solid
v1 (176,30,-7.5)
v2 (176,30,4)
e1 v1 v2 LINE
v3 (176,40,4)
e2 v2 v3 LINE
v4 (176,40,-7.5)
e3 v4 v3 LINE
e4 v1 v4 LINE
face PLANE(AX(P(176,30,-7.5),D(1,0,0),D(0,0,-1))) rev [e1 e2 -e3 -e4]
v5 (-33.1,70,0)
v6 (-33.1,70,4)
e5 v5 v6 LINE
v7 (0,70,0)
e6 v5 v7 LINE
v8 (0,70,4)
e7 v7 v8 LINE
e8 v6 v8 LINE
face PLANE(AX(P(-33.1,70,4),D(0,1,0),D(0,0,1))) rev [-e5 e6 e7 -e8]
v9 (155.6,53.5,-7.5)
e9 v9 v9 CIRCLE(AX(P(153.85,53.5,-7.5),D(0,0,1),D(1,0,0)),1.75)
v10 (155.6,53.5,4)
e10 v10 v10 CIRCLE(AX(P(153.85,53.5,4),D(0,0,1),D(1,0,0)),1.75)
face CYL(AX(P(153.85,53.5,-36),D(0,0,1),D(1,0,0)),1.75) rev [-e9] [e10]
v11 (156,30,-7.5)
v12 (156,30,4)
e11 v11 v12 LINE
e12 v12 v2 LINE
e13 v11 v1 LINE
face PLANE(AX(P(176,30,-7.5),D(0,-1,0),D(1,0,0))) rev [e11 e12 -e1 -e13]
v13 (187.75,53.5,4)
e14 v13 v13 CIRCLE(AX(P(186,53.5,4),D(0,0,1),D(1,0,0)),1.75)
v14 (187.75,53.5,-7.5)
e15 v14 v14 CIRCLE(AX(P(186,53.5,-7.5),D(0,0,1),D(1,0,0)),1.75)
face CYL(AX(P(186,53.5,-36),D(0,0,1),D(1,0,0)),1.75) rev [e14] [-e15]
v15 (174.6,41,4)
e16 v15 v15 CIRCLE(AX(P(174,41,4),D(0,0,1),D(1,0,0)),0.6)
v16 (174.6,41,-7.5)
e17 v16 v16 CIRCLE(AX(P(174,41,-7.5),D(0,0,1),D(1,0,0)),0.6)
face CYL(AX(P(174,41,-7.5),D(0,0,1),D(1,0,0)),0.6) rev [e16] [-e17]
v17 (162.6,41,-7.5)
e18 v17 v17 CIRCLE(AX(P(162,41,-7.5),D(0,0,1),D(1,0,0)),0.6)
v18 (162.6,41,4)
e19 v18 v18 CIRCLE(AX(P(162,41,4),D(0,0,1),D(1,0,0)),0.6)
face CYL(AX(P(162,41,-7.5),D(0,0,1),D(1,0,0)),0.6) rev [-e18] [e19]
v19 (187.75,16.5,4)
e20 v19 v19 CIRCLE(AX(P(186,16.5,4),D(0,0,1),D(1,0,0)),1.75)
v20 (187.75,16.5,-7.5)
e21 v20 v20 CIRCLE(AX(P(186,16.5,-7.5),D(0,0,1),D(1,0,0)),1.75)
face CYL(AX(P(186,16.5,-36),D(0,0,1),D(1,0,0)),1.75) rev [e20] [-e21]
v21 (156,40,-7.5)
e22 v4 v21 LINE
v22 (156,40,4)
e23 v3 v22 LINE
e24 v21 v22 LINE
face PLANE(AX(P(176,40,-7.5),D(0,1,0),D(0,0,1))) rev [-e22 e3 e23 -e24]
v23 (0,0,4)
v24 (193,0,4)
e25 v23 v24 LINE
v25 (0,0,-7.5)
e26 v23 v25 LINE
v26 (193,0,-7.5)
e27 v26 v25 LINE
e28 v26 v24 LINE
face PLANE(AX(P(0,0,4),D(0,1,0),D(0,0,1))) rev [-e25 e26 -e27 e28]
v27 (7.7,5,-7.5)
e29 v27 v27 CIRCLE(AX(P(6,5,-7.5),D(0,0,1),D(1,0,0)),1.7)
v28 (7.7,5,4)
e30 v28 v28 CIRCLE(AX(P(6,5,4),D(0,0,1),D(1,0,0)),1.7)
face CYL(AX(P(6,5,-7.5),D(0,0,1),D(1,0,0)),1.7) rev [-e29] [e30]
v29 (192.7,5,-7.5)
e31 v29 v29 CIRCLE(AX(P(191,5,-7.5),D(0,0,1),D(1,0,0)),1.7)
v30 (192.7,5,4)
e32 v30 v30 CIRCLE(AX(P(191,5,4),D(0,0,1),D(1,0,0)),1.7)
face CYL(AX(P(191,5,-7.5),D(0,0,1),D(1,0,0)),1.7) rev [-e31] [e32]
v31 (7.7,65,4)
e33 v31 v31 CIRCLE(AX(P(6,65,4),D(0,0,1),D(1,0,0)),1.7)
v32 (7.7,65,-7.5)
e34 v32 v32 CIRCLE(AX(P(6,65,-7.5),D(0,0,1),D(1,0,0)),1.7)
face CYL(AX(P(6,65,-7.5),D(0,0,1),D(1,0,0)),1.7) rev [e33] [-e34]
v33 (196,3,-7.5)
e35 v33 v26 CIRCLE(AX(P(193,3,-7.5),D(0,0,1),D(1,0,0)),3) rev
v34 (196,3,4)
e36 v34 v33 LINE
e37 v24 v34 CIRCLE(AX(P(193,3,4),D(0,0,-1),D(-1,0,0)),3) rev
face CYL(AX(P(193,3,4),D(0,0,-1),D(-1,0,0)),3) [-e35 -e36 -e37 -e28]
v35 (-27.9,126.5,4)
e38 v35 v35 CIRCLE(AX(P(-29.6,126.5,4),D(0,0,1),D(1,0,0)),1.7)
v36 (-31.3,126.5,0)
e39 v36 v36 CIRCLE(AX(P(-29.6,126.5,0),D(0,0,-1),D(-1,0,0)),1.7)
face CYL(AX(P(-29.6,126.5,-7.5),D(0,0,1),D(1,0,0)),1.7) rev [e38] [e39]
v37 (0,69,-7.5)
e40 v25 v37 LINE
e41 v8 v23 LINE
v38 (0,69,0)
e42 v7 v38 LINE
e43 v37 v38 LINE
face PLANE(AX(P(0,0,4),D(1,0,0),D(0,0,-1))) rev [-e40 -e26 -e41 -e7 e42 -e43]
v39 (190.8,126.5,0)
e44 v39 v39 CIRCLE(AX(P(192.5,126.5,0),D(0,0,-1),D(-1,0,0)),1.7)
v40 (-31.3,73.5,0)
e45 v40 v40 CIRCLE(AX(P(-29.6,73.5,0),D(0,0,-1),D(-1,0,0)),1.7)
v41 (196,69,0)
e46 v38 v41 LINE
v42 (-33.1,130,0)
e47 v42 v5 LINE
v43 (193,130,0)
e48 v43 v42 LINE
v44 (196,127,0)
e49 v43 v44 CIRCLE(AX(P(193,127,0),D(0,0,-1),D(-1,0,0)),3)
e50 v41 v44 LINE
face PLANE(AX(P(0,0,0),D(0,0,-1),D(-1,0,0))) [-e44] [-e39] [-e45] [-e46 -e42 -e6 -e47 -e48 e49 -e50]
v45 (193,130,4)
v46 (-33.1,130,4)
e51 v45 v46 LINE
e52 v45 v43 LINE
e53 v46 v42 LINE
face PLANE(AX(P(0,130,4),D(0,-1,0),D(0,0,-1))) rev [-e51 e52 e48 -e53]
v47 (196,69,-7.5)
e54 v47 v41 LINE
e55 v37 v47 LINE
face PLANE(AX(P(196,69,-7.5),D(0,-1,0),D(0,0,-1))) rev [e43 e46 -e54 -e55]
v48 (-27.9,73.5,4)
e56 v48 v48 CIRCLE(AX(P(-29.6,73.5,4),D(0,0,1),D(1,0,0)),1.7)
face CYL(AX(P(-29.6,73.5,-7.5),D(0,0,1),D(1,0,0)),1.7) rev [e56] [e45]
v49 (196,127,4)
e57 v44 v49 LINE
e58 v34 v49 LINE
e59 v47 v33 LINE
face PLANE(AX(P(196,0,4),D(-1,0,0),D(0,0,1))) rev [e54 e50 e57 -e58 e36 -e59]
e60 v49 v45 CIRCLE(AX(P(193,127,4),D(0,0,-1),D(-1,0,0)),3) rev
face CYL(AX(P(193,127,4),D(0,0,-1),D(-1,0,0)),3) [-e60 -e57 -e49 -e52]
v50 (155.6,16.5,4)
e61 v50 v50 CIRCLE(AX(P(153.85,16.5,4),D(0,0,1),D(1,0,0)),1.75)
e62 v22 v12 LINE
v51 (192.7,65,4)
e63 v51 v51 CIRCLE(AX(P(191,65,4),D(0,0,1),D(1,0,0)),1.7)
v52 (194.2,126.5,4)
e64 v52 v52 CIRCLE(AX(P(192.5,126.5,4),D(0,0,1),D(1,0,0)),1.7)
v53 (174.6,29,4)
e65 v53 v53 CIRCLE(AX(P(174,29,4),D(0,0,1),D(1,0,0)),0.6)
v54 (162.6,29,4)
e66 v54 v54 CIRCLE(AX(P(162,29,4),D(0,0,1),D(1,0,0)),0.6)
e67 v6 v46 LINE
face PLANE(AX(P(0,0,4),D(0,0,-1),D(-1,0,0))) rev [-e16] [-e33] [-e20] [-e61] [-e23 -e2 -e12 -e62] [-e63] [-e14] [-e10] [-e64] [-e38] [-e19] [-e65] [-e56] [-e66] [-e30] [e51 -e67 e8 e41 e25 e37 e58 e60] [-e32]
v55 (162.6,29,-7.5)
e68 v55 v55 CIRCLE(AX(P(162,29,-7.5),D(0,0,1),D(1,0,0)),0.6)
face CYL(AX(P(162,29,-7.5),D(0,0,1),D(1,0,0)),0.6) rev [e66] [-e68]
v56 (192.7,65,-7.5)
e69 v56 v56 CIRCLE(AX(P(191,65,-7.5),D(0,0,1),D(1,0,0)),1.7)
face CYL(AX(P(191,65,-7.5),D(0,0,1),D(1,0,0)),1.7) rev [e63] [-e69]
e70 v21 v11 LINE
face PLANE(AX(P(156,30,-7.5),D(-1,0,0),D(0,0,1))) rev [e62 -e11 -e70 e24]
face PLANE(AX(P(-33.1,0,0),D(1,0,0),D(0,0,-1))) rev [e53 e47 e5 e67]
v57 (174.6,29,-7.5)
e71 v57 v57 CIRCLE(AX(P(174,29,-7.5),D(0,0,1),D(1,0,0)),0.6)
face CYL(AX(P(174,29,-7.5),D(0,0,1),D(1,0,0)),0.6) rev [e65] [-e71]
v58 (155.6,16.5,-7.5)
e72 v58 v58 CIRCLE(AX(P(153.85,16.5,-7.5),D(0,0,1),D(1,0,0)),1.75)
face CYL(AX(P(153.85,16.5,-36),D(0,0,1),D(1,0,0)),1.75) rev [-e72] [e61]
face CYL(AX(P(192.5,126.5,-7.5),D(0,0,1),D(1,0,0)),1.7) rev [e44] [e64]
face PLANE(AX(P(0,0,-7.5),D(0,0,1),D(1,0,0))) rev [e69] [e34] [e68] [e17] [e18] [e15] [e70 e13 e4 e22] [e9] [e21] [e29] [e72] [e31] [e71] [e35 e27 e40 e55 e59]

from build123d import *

# Parameters (mm, degrees)
SKETCH_1_W          = 196
SKETCH_1_H          = 130
EXTRUDE_1_DEPTH     = 4
SKETCH_3_W          = 196
SKETCH_3_H          = 69
EXTRUDE_2_DEPTH     = 7.5
SKETCH_4_W          = 4
SKETCH_4_H          = 60
EXTRUDE_3_DEPTH     = 33.1
SKETCH_2_R          = 1.7
CUT_EXTRUDE_1_DEPTH = 236.474520915
SKETCH_5_R          = 1.7
CUT_EXTRUDE_2_DEPTH = 236.474520915
FILLET_1_R          = 3
SKETCH_7_R          = 0.6
SKETCH_7_W          = 20
SKETCH_7_H          = 10
CUT_EXTRUDE_3_DEPTH = 236.474520915
SKETCH_8_R          = 1.75
CUT_EXTRUDE_4_DEPTH = 40


with BuildPart() as part:
    # ｽｹｯﾁ1 → ﾎﾞｽ - 押し出し1 (new body)
    with BuildSketch(Plane.XY):
        with Locations((98, 65)):
            Rectangle(SKETCH_1_W, SKETCH_1_H)
    extrude(amount=EXTRUDE_1_DEPTH)

    # ｽｹｯﾁ3 → ﾎﾞｽ - 押し出し2 (add)
    with BuildSketch(Plane(origin=(0, 0, 0), x_dir=(-1, 0, 0), z_dir=(0, 0, -1))):
        with Locations((-98, 34.5)):
            Rectangle(SKETCH_3_W, SKETCH_3_H)
    extrude(amount=EXTRUDE_2_DEPTH)

    # ｽｹｯﾁ4 → ﾎﾞｽ - 押し出し3 (add)
    with BuildSketch(Plane.ZY):
        with Locations((2, 100)):
            Rectangle(SKETCH_4_W, SKETCH_4_H)
    extrude(amount=EXTRUDE_3_DEPTH)

    # ｽｹｯﾁ2 → ｶｯﾄ - 押し出し1 (cut, through all)
    with BuildSketch(Plane.XY.offset(4)):
        with Locations((191, 5)):
            Circle(SKETCH_2_R)
        with Locations((192.5, 126.5)):
            Circle(SKETCH_2_R)
        with Locations((191, 65)):
            Circle(SKETCH_2_R)
        with Locations((6, 5)):
            Circle(SKETCH_2_R)
        with Locations((6, 65)):
            Circle(SKETCH_2_R)
    extrude(amount=-CUT_EXTRUDE_1_DEPTH, mode=Mode.SUBTRACT)

    # ｽｹｯﾁ5 → ｶｯﾄ - 押し出し2 (cut, through all)
    with BuildSketch(Plane.XY.offset(4)):
        with Locations((-29.6, 126.5)):
            Circle(SKETCH_5_R)
        with Locations((-29.6, 73.5)):
            Circle(SKETCH_5_R)
    extrude(amount=-CUT_EXTRUDE_2_DEPTH, mode=Mode.SUBTRACT)

    # ﾌｨﾚｯﾄ1
    fillet_1_edges = [part.edges().sort_by_distance(p)[0] for p in [
        (196, 130, 2),
        (196, 0, -1.75),
    ]]
    fillet(fillet_1_edges, radius=FILLET_1_R)

    # ｽｹｯﾁ7 → ｶｯﾄ - 押し出し3 (cut, through all)
    with BuildSketch(Plane.XY.offset(4)):
        with Locations((174, 41)):
            Circle(SKETCH_7_R)
        with Locations((162, 41)):
            Circle(SKETCH_7_R)
        with Locations((174, 29)):
            Circle(SKETCH_7_R)
        with Locations((162, 29)):
            Circle(SKETCH_7_R)
        with Locations((166, 35)):
            Rectangle(SKETCH_7_W, SKETCH_7_H)
    extrude(amount=-CUT_EXTRUDE_3_DEPTH, mode=Mode.SUBTRACT)

    # ｽｹｯﾁ8 → ｶｯﾄ - 押し出し4 (cut)
    with BuildSketch(Plane.XY.offset(4)):
        with Locations((186, 53.5)):
            Circle(SKETCH_8_R)
        with Locations((153.85, 53.5)):
            Circle(SKETCH_8_R)
        with Locations((153.85, 16.5)):
            Circle(SKETCH_8_R)
        with Locations((186, 16.5)):
            Circle(SKETCH_8_R)
    extrude(amount=-CUT_EXTRUDE_4_DEPTH, mode=Mode.SUBTRACT)


solid = part.part
